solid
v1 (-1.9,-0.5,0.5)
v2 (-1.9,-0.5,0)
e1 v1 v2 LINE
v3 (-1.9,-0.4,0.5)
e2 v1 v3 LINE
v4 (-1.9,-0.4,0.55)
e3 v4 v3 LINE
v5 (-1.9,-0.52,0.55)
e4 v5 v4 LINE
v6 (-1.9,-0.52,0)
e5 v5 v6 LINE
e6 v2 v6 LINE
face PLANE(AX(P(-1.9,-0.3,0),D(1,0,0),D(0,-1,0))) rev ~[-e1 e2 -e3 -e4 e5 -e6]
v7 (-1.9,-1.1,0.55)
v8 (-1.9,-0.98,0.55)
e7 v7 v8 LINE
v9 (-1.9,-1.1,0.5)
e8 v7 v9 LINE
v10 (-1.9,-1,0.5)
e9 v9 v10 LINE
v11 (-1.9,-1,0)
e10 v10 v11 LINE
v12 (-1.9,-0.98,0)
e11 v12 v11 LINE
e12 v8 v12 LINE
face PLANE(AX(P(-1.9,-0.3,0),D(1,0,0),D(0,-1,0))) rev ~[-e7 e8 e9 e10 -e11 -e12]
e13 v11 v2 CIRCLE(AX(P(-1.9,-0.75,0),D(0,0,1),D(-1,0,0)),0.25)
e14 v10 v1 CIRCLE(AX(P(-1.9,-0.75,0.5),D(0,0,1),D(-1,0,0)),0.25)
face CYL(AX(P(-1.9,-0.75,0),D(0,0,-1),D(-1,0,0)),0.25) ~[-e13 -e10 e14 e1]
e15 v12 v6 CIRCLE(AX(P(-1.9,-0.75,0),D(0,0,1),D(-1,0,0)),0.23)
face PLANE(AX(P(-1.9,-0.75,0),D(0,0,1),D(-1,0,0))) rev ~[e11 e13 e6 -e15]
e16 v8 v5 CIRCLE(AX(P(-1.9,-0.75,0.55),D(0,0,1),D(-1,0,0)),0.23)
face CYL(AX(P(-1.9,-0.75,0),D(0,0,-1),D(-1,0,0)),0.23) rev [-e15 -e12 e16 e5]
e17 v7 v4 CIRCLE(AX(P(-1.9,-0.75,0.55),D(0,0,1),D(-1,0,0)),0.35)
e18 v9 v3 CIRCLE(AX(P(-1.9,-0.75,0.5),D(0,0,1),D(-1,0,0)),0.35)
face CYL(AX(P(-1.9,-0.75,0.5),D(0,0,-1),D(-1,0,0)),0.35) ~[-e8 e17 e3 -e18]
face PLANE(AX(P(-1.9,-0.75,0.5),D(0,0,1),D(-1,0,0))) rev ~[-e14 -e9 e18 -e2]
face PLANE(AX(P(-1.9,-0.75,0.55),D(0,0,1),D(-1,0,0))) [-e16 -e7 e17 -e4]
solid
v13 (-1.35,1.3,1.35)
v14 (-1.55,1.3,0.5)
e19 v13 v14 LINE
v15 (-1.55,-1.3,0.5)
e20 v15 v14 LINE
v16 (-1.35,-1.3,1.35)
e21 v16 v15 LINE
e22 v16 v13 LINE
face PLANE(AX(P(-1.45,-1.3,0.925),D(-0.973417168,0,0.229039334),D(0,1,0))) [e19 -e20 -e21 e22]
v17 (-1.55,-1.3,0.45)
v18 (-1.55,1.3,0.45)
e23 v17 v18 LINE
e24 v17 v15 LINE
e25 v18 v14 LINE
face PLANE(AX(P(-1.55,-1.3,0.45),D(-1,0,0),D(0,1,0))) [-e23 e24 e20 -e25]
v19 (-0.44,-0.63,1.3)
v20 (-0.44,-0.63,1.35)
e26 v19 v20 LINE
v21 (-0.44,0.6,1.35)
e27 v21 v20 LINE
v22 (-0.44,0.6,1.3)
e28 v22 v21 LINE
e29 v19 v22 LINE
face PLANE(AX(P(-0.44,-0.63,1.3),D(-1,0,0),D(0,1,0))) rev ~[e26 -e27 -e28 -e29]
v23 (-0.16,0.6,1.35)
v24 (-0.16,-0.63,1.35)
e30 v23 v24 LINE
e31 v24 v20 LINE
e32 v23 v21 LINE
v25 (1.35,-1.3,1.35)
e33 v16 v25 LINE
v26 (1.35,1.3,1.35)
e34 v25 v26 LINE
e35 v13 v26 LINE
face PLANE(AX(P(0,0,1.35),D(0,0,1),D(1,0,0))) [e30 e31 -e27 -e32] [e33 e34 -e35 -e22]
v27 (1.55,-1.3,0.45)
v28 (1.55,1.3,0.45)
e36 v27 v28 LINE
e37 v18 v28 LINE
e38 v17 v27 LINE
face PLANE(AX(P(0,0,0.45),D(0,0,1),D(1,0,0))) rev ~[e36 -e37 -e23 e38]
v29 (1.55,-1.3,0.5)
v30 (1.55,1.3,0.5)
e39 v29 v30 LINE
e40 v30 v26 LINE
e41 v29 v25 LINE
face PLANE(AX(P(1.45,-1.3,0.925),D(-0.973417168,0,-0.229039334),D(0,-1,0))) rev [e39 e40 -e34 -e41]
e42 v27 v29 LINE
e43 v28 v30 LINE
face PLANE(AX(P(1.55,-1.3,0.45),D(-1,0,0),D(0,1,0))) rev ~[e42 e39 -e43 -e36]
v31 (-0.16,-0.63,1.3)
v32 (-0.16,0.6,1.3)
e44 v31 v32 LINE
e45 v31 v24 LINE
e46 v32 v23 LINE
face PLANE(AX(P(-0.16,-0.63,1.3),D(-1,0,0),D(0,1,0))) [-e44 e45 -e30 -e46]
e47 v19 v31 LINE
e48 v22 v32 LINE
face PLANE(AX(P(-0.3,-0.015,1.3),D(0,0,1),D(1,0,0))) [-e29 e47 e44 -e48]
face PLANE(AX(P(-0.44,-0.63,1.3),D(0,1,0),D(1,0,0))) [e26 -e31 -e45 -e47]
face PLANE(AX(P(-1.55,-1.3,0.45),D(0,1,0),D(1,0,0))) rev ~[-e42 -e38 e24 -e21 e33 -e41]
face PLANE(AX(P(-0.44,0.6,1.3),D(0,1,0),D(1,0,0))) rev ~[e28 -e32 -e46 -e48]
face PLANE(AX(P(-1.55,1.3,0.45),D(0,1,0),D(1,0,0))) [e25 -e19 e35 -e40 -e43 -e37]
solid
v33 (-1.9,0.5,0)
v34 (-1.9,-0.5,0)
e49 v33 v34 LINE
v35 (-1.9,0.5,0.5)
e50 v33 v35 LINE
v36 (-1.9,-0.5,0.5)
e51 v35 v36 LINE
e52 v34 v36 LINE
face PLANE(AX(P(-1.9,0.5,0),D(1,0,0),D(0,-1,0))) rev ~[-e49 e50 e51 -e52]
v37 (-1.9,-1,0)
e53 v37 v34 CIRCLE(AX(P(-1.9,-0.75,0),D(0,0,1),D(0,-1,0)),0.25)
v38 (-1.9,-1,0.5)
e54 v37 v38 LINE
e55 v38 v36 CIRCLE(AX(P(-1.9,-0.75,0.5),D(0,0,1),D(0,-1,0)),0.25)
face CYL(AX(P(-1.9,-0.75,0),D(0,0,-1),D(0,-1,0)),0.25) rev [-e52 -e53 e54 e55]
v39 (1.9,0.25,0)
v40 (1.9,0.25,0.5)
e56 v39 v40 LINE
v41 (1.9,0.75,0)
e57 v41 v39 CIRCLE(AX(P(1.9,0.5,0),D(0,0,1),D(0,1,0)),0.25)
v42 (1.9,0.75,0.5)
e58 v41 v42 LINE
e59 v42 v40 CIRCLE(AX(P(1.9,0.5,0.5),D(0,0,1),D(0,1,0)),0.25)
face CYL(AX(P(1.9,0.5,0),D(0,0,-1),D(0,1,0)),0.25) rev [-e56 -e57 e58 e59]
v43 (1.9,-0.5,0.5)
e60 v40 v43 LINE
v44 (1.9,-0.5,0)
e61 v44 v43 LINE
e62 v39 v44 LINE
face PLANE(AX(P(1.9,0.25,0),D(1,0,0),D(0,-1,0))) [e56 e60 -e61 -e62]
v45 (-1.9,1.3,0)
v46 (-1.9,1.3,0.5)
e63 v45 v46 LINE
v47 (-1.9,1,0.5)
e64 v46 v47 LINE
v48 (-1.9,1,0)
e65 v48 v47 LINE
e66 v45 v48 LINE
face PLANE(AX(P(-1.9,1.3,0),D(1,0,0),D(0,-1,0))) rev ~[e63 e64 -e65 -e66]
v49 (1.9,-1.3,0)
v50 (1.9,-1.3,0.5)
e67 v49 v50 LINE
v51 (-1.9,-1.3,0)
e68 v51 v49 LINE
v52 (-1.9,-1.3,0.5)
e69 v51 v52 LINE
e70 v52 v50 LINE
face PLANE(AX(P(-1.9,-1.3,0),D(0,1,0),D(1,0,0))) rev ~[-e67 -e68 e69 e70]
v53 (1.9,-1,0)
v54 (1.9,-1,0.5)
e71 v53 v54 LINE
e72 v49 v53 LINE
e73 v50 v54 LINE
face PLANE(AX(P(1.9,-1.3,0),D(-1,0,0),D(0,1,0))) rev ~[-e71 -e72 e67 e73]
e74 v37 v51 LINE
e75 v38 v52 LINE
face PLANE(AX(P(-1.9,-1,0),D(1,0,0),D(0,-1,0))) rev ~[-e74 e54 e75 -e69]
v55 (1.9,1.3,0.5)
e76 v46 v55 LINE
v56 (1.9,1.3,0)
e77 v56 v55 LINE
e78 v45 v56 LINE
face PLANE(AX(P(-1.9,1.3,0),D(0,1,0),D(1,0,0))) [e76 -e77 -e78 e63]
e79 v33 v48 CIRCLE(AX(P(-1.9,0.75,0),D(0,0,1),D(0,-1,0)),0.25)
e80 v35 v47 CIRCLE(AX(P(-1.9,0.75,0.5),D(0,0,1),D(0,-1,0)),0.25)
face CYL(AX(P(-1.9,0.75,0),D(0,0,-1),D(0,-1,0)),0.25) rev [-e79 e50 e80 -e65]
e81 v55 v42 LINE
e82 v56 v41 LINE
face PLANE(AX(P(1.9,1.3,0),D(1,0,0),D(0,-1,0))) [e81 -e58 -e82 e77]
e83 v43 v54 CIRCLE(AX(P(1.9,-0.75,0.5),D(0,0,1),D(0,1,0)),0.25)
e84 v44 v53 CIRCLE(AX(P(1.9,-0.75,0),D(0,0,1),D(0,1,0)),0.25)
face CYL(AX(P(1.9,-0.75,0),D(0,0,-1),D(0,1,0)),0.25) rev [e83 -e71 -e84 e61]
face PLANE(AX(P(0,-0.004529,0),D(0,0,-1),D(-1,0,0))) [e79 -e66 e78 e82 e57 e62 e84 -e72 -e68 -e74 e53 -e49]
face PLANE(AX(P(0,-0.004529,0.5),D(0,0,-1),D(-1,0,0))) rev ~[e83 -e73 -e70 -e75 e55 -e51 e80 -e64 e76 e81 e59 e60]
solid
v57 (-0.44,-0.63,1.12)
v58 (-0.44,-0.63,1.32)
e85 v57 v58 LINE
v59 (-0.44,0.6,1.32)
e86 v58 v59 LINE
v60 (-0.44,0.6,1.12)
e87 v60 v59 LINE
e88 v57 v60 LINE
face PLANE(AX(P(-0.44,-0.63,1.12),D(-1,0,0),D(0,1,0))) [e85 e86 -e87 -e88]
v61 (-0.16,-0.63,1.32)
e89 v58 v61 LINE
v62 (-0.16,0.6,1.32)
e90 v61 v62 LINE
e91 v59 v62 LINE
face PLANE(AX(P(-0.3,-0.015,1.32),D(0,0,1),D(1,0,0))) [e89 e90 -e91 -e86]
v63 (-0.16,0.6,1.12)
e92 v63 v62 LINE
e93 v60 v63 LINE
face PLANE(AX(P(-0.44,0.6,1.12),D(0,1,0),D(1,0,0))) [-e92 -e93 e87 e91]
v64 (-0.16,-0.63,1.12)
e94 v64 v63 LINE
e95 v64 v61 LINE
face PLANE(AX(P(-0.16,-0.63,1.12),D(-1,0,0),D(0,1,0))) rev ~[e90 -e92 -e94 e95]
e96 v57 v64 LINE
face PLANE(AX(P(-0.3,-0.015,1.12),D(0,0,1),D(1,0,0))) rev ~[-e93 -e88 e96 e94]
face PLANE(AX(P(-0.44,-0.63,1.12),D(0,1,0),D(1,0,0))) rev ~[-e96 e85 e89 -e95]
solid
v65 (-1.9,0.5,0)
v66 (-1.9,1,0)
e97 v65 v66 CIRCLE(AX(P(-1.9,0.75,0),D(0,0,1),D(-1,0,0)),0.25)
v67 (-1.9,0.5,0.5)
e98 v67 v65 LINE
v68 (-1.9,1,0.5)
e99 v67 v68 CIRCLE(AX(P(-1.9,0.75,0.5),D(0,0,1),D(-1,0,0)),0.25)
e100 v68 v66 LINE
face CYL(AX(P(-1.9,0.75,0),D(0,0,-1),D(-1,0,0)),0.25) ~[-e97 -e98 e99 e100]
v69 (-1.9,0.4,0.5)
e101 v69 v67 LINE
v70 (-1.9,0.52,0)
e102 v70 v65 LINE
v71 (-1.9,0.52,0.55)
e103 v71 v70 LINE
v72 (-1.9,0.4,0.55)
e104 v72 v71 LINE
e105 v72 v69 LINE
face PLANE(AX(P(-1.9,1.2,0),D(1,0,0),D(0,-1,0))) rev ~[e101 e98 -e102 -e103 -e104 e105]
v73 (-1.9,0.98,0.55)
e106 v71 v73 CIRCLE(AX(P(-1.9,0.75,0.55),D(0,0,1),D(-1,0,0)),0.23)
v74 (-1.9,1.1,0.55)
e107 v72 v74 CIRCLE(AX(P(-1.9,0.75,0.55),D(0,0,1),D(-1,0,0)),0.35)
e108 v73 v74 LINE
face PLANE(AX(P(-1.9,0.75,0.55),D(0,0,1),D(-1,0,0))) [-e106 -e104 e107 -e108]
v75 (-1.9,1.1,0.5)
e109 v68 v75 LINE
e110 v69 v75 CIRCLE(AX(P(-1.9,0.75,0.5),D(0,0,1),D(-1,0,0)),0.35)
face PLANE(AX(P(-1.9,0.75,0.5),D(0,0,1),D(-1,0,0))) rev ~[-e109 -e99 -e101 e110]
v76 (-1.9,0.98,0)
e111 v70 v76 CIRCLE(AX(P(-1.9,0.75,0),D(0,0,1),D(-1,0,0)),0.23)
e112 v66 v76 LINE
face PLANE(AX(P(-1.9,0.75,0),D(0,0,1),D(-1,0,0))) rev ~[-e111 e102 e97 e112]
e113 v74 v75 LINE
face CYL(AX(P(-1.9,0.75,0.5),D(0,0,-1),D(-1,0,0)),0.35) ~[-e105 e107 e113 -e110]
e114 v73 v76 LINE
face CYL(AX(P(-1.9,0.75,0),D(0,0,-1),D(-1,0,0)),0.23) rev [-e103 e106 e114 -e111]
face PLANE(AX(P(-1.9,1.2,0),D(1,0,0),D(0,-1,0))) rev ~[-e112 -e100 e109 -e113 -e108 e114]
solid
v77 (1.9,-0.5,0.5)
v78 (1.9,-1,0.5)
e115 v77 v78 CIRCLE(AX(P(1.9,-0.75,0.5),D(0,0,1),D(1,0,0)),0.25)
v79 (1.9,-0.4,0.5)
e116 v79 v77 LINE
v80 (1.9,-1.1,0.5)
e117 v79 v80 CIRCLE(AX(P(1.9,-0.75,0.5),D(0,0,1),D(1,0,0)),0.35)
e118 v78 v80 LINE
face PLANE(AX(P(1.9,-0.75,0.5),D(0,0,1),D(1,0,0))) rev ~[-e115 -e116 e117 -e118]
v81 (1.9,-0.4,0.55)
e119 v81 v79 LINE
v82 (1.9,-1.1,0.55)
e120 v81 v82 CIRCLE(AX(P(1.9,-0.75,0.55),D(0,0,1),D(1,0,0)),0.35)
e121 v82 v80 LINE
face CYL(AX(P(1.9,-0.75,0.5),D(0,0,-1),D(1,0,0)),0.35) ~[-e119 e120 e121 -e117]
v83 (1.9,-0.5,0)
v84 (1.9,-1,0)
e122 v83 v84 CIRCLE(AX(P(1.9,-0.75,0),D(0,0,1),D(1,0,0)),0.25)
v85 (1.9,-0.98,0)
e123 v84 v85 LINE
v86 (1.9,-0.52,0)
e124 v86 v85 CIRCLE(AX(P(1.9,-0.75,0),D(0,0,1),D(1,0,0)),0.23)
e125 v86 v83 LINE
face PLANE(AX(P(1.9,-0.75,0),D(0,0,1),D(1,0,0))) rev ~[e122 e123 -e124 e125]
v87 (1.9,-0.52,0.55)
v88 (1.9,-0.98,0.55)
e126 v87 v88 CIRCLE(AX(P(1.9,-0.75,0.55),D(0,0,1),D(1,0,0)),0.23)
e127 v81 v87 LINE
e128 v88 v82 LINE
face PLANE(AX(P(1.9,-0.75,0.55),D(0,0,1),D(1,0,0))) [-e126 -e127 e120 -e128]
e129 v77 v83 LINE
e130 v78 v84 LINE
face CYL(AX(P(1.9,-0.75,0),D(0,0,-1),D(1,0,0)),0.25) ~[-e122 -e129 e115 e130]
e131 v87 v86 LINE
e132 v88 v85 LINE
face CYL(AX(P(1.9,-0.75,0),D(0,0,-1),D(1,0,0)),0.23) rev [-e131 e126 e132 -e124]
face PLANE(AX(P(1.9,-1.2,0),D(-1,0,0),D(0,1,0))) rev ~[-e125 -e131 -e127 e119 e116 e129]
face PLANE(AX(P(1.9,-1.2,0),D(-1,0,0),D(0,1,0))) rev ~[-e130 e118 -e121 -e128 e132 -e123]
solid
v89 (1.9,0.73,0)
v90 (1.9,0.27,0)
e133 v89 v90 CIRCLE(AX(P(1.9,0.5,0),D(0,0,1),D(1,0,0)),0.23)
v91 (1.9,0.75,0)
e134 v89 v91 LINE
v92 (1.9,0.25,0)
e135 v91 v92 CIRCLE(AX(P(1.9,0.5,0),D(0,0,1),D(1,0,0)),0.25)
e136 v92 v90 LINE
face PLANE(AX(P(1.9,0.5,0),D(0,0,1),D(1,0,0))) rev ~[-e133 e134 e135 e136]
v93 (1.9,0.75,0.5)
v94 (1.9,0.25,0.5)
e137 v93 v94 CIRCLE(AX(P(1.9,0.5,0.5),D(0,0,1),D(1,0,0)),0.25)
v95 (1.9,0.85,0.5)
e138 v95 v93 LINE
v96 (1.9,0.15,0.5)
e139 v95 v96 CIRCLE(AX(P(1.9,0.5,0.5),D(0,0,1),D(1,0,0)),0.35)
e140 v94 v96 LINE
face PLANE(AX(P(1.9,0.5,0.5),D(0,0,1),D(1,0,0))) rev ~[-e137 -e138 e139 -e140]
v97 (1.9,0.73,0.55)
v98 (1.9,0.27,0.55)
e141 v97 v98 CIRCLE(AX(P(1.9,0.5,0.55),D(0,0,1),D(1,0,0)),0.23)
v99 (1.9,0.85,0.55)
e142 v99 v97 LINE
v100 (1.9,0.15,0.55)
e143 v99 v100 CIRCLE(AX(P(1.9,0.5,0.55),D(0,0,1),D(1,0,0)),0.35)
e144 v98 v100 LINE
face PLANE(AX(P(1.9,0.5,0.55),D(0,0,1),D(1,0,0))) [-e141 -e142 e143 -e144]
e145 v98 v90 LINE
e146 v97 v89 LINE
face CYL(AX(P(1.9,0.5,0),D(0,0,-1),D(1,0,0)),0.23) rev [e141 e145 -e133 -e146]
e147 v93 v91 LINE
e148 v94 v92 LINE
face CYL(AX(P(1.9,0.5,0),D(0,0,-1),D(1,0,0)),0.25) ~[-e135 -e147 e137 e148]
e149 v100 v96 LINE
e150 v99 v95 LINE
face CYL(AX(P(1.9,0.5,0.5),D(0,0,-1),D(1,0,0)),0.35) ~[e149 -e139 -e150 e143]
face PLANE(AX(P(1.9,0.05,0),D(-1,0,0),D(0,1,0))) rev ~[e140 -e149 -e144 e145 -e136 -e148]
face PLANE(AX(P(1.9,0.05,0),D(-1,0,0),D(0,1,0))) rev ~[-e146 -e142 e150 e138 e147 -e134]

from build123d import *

# Parameters (mm, degrees)
PAD_DEPTH              = 0.5
BOX002_W               = 0.28
BOX002_H               = 1.23
BOX002_DEPTH           = 0.2
BOX003_W               = 1
BOX003_H               = 1
BOX003_DEPTH           = 0.7
CYLINDER001_R          = 0.23
CYLINDER001_DEPTH      = 0.55
CYLINDER_R             = 0.25
CYLINDER_DEPTH         = 0.55
CYLINDER002_R          = 0.25
CYLINDER002_DEPTH      = 0.05
CYLINDER003_R          = 0.35
CYLINDER003_DEPTH      = 0.05
BOX004_W               = 1
BOX004_H               = 1
BOX004_DEPTH           = 0.7
CYLINDER005_R          = 0.23
CYLINDER005_DEPTH      = 0.55
CYLINDER004_R          = 0.25
CYLINDER004_DEPTH      = 0.55
CYLINDER006_R          = 0.25
CYLINDER006_DEPTH      = 0.05
CYLINDER007_R          = 0.35
CYLINDER007_DEPTH      = 0.05
BOX005_W               = 1
BOX005_H               = 1
BOX005_DEPTH           = 0.7
CYLINDER009_R          = 0.23
CYLINDER009_DEPTH      = 0.55
CYLINDER008_R          = 0.25
CYLINDER008_DEPTH      = 0.55
CYLINDER010_R          = 0.25
CYLINDER010_DEPTH      = 0.05
CYLINDER011_R          = 0.35
CYLINDER011_DEPTH      = 0.05
CUT009_PLACEMENT_ANGLE = 180
BOX006_W               = 1
BOX006_H               = 1
BOX006_DEPTH           = 0.7
CYLINDER013_R          = 0.23
CYLINDER013_DEPTH      = 0.55
CYLINDER012_R          = 0.25
CYLINDER012_DEPTH      = 0.55
CYLINDER014_R          = 0.25
CYLINDER014_DEPTH      = 0.05
CYLINDER015_R          = 0.35
CYLINDER015_DEPTH      = 0.05
CUT012_PLACEMENT_ANGLE = 180
BOX001_W               = 0.28
BOX001_H               = 1.23
BOX001_DEPTH           = 0.2
BOX_W                  = 3.1
BOX_H                  = 2.6
BOX_DEPTH              = 0.9
CHAMFER_SIZE2          = 0.2
CHAMFER_SIZE           = 0.85
CHAMFER001_SIZE2       = 0.85
CHAMFER001_SIZE        = 0.2


with BuildPart() as body:
    # Sketch → Pad (new body)
    with BuildSketch(Plane.XY):
        with BuildLine():
            Line((-1.9, 1.3), (1.9, 1.3))
            Line((1.9, 1.3), (1.9, 0.75))
            ThreePointArc((1.9, 0.75), (1.65, 0.5), (1.9, 0.25))
            Line((1.9, 0.25), (1.9, -0.5))
            ThreePointArc((1.9, -0.5), (1.65, -0.75), (1.9, -1))
            Line((1.9, -1.3), (1.9, -1))
            Line((-1.9, -1.3), (1.9, -1.3))
            Line((-1.9, -1), (-1.9, -1.3))
            ThreePointArc((-1.9, -1), (-1.65, -0.75), (-1.9, -0.5))
            Line((-1.9, 0.5), (-1.9, -0.5))
            ThreePointArc((-1.9, 0.5), (-1.65, 0.75), (-1.9, 1))
            Line((-1.9, 1.3), (-1.9, 1))
        make_face()
    extrude(amount=PAD_DEPTH)


with BuildPart() as kub002:
    # Box002 → Box002 (new body)
    with BuildSketch(Plane(origin=(-0.44, -0.63, 1.12), x_dir=(1, 0, 0), z_dir=(0, 0, 1))):
        with Locations((0.14, 0.615)):
            Rectangle(BOX002_W, BOX002_H)
    extrude(amount=BOX002_DEPTH)


with BuildPart() as kub003:
    # Box003 → Box003 (new body)
    with BuildSketch(Plane(origin=(1.9, -1.2, 0), x_dir=(1, 0, 0), z_dir=(0, 0, 1))):
        with Locations((0.5, 0.5)):
            Rectangle(BOX003_W, BOX003_H)
    extrude(amount=BOX003_DEPTH)


with BuildPart() as cylinder001:
    # Cylinder001 → Cylinder001 (new body)
    with BuildSketch(Plane(origin=(1.9, -0.75, 0), x_dir=(1, 0, 0), z_dir=(0, 0, 1))):
        Circle(CYLINDER001_R)
    extrude(amount=CYLINDER001_DEPTH)


with BuildPart() as cut002:
    # Cylinder → Cylinder (new body)
    with BuildSketch(Plane(origin=(1.9, -0.75, 0), x_dir=(1, 0, 0), z_dir=(0, 0, 1))):
        Circle(CYLINDER_R)
    extrude(amount=CYLINDER_DEPTH)

    # Cut002: cut Cylinder001
    add(cylinder001.part, mode=Mode.SUBTRACT)


with BuildPart() as cylinder002:
    # Cylinder002 → Cylinder002 (new body)
    with BuildSketch(Plane(origin=(1.9, -0.75, 0.5), x_dir=(1, 0, 0), z_dir=(0, 0, 1))):
        Circle(CYLINDER002_R)
    extrude(amount=CYLINDER002_DEPTH)


with BuildPart() as pin001:
    # Cylinder003 → Cylinder003 (new body)
    with BuildSketch(Plane(origin=(1.9, -0.75, 0.5), x_dir=(1, 0, 0), z_dir=(0, 0, 1))):
        Circle(CYLINDER003_R)
    extrude(amount=CYLINDER003_DEPTH)

    # Cut001: cut Cylinder002
    add(cylinder002.part, mode=Mode.SUBTRACT)

    # Fusion001: union Cut002
    add(cut002.part)

    # Cut003: cut Kub003
    add(kub003.part, mode=Mode.SUBTRACT)


with BuildPart() as kub004:
    # Box004 → Box004 (new body)
    with BuildSketch(Plane(origin=(1.9, -1.2, 0), x_dir=(1, 0, 0), z_dir=(0, 0, 1))):
        with Locations((0.5, 0.5)):
            Rectangle(BOX004_W, BOX004_H)
    extrude(amount=BOX004_DEPTH)


with BuildPart() as cylinder005:
    # Cylinder005 → Cylinder005 (new body)
    with BuildSketch(Plane(origin=(1.9, -0.75, 0), x_dir=(1, 0, 0), z_dir=(0, 0, 1))):
        Circle(CYLINDER005_R)
    extrude(amount=CYLINDER005_DEPTH)


with BuildPart() as cut005:
    # Cylinder004 → Cylinder004 (new body)
    with BuildSketch(Plane(origin=(1.9, -0.75, 0), x_dir=(1, 0, 0), z_dir=(0, 0, 1))):
        Circle(CYLINDER004_R)
    extrude(amount=CYLINDER004_DEPTH)

    # Cut005: cut Cylinder005
    add(cylinder005.part, mode=Mode.SUBTRACT)


with BuildPart() as cylinder006:
    # Cylinder006 → Cylinder006 (new body)
    with BuildSketch(Plane(origin=(1.9, -0.75, 0.5), x_dir=(1, 0, 0), z_dir=(0, 0, 1))):
        Circle(CYLINDER006_R)
    extrude(amount=CYLINDER006_DEPTH)


with BuildPart() as pin002:
    # Cylinder007 → Cylinder007 (new body)
    with BuildSketch(Plane(origin=(1.9, -0.75, 0.5), x_dir=(1, 0, 0), z_dir=(0, 0, 1))):
        Circle(CYLINDER007_R)
    extrude(amount=CYLINDER007_DEPTH)

    # Cut004: cut Cylinder006
    add(cylinder006.part, mode=Mode.SUBTRACT)

    # Fusion002: union Cut005
    add(cut005.part)

    # Cut006: cut Kub004
    add(kub004.part, mode=Mode.SUBTRACT)


with BuildPart() as pin002_1:
    # Cut006 placement: moved
    add(pin002.part.moved(Location((0, 1.25, 0))))


with BuildPart() as kub005:
    # Box005 → Box005 (new body)
    with BuildSketch(Plane(origin=(1.9, -1.2, 0), x_dir=(1, 0, 0), z_dir=(0, 0, 1))):
        with Locations((0.5, 0.5)):
            Rectangle(BOX005_W, BOX005_H)
    extrude(amount=BOX005_DEPTH)


with BuildPart() as cylinder009:
    # Cylinder009 → Cylinder009 (new body)
    with BuildSketch(Plane(origin=(1.9, -0.75, 0), x_dir=(1, 0, 0), z_dir=(0, 0, 1))):
        Circle(CYLINDER009_R)
    extrude(amount=CYLINDER009_DEPTH)


with BuildPart() as cut008:
    # Cylinder008 → Cylinder008 (new body)
    with BuildSketch(Plane(origin=(1.9, -0.75, 0), x_dir=(1, 0, 0), z_dir=(0, 0, 1))):
        Circle(CYLINDER008_R)
    extrude(amount=CYLINDER008_DEPTH)

    # Cut008: cut Cylinder009
    add(cylinder009.part, mode=Mode.SUBTRACT)


with BuildPart() as cylinder010:
    # Cylinder010 → Cylinder010 (new body)
    with BuildSketch(Plane(origin=(1.9, -0.75, 0.5), x_dir=(1, 0, 0), z_dir=(0, 0, 1))):
        Circle(CYLINDER010_R)
    extrude(amount=CYLINDER010_DEPTH)


with BuildPart() as pin003:
    # Cylinder011 → Cylinder011 (new body)
    with BuildSketch(Plane(origin=(1.9, -0.75, 0.5), x_dir=(1, 0, 0), z_dir=(0, 0, 1))):
        Circle(CYLINDER011_R)
    extrude(amount=CYLINDER011_DEPTH)

    # Cut007: cut Cylinder010
    add(cylinder010.part, mode=Mode.SUBTRACT)

    # Fusion003: union Cut008
    add(cut008.part)

    # Cut009: cut Kub005
    add(kub005.part, mode=Mode.SUBTRACT)


with BuildPart() as pin003_1:
    # Cut009 placement: moved
    add(pin003.part.rotate(Axis((0, 0, 0), (0, 0, 1)), CUT009_PLACEMENT_ANGLE))


with BuildPart() as kub006:
    # Box006 → Box006 (new body)
    with BuildSketch(Plane(origin=(1.9, -1.2, 0), x_dir=(1, 0, 0), z_dir=(0, 0, 1))):
        with Locations((0.5, 0.5)):
            Rectangle(BOX006_W, BOX006_H)
    extrude(amount=BOX006_DEPTH)


with BuildPart() as cylinder013:
    # Cylinder013 → Cylinder013 (new body)
    with BuildSketch(Plane(origin=(1.9, -0.75, 0), x_dir=(1, 0, 0), z_dir=(0, 0, 1))):
        Circle(CYLINDER013_R)
    extrude(amount=CYLINDER013_DEPTH)


with BuildPart() as cut011:
    # Cylinder012 → Cylinder012 (new body)
    with BuildSketch(Plane(origin=(1.9, -0.75, 0), x_dir=(1, 0, 0), z_dir=(0, 0, 1))):
        Circle(CYLINDER012_R)
    extrude(amount=CYLINDER012_DEPTH)

    # Cut011: cut Cylinder013
    add(cylinder013.part, mode=Mode.SUBTRACT)


with BuildPart() as cylinder014:
    # Cylinder014 → Cylinder014 (new body)
    with BuildSketch(Plane(origin=(1.9, -0.75, 0.5), x_dir=(1, 0, 0), z_dir=(0, 0, 1))):
        Circle(CYLINDER014_R)
    extrude(amount=CYLINDER014_DEPTH)


with BuildPart() as pin004:
    # Cylinder015 → Cylinder015 (new body)
    with BuildSketch(Plane(origin=(1.9, -0.75, 0.5), x_dir=(1, 0, 0), z_dir=(0, 0, 1))):
        Circle(CYLINDER015_R)
    extrude(amount=CYLINDER015_DEPTH)

    # Cut010: cut Cylinder014
    add(cylinder014.part, mode=Mode.SUBTRACT)

    # Fusion004: union Cut011
    add(cut011.part)

    # Cut012: cut Kub006
    add(kub006.part, mode=Mode.SUBTRACT)


with BuildPart() as pin004_1:
    # Cut012 placement: moved
    add(pin004.part.moved(Location((0, -1.5, 0))).rotate(Axis((0, -1.5, 0), (0, 0, 1)), CUT012_PLACEMENT_ANGLE))


with BuildPart() as kub001:
    # Box001 → Box001 (new body)
    with BuildSketch(Plane(origin=(-0.44, -0.63, 1.3), x_dir=(1, 0, 0), z_dir=(0, 0, 1))):
        with Locations((0.14, 0.615)):
            Rectangle(BOX001_W, BOX001_H)
    extrude(amount=BOX001_DEPTH)


with BuildPart() as cut:
    # Box → Box (new body)
    with BuildSketch(Plane(origin=(-1.55, -1.3, 0.45), x_dir=(1, 0, 0), z_dir=(0, 0, 1))):
        with Locations((1.55, 1.3)):
            Rectangle(BOX_W, BOX_H)
    extrude(amount=BOX_DEPTH)

    # Chamfer
    chamfer_edges = [cut.edges().sort_by_distance(p)[0] for p in [
        (1.55, 0, 1.35),
    ]]
    chamfer_side = cut.faces().sort_by_distance((1.55, 0, 0.9))[0]
    chamfer(chamfer_edges, length=CHAMFER_SIZE, length2=CHAMFER_SIZE2, reference=chamfer_side)

    # Chamfer001
    chamfer001_edges = [cut.edges().sort_by_distance(p)[0] for p in [
        (-1.55, 0, 1.35),
    ]]
    chamfer001_side = cut.faces().sort_by_distance((-0.1, 0, 1.35))[0]
    chamfer(chamfer001_edges, length=CHAMFER001_SIZE, length2=CHAMFER001_SIZE2, reference=chamfer001_side)

    # Cut: cut Kub001
    add(kub001.part, mode=Mode.SUBTRACT)


solid = Compound([body.part, kub002.part, pin001.part, pin002_1.part, pin003_1.part, pin004_1.part, cut.part])
